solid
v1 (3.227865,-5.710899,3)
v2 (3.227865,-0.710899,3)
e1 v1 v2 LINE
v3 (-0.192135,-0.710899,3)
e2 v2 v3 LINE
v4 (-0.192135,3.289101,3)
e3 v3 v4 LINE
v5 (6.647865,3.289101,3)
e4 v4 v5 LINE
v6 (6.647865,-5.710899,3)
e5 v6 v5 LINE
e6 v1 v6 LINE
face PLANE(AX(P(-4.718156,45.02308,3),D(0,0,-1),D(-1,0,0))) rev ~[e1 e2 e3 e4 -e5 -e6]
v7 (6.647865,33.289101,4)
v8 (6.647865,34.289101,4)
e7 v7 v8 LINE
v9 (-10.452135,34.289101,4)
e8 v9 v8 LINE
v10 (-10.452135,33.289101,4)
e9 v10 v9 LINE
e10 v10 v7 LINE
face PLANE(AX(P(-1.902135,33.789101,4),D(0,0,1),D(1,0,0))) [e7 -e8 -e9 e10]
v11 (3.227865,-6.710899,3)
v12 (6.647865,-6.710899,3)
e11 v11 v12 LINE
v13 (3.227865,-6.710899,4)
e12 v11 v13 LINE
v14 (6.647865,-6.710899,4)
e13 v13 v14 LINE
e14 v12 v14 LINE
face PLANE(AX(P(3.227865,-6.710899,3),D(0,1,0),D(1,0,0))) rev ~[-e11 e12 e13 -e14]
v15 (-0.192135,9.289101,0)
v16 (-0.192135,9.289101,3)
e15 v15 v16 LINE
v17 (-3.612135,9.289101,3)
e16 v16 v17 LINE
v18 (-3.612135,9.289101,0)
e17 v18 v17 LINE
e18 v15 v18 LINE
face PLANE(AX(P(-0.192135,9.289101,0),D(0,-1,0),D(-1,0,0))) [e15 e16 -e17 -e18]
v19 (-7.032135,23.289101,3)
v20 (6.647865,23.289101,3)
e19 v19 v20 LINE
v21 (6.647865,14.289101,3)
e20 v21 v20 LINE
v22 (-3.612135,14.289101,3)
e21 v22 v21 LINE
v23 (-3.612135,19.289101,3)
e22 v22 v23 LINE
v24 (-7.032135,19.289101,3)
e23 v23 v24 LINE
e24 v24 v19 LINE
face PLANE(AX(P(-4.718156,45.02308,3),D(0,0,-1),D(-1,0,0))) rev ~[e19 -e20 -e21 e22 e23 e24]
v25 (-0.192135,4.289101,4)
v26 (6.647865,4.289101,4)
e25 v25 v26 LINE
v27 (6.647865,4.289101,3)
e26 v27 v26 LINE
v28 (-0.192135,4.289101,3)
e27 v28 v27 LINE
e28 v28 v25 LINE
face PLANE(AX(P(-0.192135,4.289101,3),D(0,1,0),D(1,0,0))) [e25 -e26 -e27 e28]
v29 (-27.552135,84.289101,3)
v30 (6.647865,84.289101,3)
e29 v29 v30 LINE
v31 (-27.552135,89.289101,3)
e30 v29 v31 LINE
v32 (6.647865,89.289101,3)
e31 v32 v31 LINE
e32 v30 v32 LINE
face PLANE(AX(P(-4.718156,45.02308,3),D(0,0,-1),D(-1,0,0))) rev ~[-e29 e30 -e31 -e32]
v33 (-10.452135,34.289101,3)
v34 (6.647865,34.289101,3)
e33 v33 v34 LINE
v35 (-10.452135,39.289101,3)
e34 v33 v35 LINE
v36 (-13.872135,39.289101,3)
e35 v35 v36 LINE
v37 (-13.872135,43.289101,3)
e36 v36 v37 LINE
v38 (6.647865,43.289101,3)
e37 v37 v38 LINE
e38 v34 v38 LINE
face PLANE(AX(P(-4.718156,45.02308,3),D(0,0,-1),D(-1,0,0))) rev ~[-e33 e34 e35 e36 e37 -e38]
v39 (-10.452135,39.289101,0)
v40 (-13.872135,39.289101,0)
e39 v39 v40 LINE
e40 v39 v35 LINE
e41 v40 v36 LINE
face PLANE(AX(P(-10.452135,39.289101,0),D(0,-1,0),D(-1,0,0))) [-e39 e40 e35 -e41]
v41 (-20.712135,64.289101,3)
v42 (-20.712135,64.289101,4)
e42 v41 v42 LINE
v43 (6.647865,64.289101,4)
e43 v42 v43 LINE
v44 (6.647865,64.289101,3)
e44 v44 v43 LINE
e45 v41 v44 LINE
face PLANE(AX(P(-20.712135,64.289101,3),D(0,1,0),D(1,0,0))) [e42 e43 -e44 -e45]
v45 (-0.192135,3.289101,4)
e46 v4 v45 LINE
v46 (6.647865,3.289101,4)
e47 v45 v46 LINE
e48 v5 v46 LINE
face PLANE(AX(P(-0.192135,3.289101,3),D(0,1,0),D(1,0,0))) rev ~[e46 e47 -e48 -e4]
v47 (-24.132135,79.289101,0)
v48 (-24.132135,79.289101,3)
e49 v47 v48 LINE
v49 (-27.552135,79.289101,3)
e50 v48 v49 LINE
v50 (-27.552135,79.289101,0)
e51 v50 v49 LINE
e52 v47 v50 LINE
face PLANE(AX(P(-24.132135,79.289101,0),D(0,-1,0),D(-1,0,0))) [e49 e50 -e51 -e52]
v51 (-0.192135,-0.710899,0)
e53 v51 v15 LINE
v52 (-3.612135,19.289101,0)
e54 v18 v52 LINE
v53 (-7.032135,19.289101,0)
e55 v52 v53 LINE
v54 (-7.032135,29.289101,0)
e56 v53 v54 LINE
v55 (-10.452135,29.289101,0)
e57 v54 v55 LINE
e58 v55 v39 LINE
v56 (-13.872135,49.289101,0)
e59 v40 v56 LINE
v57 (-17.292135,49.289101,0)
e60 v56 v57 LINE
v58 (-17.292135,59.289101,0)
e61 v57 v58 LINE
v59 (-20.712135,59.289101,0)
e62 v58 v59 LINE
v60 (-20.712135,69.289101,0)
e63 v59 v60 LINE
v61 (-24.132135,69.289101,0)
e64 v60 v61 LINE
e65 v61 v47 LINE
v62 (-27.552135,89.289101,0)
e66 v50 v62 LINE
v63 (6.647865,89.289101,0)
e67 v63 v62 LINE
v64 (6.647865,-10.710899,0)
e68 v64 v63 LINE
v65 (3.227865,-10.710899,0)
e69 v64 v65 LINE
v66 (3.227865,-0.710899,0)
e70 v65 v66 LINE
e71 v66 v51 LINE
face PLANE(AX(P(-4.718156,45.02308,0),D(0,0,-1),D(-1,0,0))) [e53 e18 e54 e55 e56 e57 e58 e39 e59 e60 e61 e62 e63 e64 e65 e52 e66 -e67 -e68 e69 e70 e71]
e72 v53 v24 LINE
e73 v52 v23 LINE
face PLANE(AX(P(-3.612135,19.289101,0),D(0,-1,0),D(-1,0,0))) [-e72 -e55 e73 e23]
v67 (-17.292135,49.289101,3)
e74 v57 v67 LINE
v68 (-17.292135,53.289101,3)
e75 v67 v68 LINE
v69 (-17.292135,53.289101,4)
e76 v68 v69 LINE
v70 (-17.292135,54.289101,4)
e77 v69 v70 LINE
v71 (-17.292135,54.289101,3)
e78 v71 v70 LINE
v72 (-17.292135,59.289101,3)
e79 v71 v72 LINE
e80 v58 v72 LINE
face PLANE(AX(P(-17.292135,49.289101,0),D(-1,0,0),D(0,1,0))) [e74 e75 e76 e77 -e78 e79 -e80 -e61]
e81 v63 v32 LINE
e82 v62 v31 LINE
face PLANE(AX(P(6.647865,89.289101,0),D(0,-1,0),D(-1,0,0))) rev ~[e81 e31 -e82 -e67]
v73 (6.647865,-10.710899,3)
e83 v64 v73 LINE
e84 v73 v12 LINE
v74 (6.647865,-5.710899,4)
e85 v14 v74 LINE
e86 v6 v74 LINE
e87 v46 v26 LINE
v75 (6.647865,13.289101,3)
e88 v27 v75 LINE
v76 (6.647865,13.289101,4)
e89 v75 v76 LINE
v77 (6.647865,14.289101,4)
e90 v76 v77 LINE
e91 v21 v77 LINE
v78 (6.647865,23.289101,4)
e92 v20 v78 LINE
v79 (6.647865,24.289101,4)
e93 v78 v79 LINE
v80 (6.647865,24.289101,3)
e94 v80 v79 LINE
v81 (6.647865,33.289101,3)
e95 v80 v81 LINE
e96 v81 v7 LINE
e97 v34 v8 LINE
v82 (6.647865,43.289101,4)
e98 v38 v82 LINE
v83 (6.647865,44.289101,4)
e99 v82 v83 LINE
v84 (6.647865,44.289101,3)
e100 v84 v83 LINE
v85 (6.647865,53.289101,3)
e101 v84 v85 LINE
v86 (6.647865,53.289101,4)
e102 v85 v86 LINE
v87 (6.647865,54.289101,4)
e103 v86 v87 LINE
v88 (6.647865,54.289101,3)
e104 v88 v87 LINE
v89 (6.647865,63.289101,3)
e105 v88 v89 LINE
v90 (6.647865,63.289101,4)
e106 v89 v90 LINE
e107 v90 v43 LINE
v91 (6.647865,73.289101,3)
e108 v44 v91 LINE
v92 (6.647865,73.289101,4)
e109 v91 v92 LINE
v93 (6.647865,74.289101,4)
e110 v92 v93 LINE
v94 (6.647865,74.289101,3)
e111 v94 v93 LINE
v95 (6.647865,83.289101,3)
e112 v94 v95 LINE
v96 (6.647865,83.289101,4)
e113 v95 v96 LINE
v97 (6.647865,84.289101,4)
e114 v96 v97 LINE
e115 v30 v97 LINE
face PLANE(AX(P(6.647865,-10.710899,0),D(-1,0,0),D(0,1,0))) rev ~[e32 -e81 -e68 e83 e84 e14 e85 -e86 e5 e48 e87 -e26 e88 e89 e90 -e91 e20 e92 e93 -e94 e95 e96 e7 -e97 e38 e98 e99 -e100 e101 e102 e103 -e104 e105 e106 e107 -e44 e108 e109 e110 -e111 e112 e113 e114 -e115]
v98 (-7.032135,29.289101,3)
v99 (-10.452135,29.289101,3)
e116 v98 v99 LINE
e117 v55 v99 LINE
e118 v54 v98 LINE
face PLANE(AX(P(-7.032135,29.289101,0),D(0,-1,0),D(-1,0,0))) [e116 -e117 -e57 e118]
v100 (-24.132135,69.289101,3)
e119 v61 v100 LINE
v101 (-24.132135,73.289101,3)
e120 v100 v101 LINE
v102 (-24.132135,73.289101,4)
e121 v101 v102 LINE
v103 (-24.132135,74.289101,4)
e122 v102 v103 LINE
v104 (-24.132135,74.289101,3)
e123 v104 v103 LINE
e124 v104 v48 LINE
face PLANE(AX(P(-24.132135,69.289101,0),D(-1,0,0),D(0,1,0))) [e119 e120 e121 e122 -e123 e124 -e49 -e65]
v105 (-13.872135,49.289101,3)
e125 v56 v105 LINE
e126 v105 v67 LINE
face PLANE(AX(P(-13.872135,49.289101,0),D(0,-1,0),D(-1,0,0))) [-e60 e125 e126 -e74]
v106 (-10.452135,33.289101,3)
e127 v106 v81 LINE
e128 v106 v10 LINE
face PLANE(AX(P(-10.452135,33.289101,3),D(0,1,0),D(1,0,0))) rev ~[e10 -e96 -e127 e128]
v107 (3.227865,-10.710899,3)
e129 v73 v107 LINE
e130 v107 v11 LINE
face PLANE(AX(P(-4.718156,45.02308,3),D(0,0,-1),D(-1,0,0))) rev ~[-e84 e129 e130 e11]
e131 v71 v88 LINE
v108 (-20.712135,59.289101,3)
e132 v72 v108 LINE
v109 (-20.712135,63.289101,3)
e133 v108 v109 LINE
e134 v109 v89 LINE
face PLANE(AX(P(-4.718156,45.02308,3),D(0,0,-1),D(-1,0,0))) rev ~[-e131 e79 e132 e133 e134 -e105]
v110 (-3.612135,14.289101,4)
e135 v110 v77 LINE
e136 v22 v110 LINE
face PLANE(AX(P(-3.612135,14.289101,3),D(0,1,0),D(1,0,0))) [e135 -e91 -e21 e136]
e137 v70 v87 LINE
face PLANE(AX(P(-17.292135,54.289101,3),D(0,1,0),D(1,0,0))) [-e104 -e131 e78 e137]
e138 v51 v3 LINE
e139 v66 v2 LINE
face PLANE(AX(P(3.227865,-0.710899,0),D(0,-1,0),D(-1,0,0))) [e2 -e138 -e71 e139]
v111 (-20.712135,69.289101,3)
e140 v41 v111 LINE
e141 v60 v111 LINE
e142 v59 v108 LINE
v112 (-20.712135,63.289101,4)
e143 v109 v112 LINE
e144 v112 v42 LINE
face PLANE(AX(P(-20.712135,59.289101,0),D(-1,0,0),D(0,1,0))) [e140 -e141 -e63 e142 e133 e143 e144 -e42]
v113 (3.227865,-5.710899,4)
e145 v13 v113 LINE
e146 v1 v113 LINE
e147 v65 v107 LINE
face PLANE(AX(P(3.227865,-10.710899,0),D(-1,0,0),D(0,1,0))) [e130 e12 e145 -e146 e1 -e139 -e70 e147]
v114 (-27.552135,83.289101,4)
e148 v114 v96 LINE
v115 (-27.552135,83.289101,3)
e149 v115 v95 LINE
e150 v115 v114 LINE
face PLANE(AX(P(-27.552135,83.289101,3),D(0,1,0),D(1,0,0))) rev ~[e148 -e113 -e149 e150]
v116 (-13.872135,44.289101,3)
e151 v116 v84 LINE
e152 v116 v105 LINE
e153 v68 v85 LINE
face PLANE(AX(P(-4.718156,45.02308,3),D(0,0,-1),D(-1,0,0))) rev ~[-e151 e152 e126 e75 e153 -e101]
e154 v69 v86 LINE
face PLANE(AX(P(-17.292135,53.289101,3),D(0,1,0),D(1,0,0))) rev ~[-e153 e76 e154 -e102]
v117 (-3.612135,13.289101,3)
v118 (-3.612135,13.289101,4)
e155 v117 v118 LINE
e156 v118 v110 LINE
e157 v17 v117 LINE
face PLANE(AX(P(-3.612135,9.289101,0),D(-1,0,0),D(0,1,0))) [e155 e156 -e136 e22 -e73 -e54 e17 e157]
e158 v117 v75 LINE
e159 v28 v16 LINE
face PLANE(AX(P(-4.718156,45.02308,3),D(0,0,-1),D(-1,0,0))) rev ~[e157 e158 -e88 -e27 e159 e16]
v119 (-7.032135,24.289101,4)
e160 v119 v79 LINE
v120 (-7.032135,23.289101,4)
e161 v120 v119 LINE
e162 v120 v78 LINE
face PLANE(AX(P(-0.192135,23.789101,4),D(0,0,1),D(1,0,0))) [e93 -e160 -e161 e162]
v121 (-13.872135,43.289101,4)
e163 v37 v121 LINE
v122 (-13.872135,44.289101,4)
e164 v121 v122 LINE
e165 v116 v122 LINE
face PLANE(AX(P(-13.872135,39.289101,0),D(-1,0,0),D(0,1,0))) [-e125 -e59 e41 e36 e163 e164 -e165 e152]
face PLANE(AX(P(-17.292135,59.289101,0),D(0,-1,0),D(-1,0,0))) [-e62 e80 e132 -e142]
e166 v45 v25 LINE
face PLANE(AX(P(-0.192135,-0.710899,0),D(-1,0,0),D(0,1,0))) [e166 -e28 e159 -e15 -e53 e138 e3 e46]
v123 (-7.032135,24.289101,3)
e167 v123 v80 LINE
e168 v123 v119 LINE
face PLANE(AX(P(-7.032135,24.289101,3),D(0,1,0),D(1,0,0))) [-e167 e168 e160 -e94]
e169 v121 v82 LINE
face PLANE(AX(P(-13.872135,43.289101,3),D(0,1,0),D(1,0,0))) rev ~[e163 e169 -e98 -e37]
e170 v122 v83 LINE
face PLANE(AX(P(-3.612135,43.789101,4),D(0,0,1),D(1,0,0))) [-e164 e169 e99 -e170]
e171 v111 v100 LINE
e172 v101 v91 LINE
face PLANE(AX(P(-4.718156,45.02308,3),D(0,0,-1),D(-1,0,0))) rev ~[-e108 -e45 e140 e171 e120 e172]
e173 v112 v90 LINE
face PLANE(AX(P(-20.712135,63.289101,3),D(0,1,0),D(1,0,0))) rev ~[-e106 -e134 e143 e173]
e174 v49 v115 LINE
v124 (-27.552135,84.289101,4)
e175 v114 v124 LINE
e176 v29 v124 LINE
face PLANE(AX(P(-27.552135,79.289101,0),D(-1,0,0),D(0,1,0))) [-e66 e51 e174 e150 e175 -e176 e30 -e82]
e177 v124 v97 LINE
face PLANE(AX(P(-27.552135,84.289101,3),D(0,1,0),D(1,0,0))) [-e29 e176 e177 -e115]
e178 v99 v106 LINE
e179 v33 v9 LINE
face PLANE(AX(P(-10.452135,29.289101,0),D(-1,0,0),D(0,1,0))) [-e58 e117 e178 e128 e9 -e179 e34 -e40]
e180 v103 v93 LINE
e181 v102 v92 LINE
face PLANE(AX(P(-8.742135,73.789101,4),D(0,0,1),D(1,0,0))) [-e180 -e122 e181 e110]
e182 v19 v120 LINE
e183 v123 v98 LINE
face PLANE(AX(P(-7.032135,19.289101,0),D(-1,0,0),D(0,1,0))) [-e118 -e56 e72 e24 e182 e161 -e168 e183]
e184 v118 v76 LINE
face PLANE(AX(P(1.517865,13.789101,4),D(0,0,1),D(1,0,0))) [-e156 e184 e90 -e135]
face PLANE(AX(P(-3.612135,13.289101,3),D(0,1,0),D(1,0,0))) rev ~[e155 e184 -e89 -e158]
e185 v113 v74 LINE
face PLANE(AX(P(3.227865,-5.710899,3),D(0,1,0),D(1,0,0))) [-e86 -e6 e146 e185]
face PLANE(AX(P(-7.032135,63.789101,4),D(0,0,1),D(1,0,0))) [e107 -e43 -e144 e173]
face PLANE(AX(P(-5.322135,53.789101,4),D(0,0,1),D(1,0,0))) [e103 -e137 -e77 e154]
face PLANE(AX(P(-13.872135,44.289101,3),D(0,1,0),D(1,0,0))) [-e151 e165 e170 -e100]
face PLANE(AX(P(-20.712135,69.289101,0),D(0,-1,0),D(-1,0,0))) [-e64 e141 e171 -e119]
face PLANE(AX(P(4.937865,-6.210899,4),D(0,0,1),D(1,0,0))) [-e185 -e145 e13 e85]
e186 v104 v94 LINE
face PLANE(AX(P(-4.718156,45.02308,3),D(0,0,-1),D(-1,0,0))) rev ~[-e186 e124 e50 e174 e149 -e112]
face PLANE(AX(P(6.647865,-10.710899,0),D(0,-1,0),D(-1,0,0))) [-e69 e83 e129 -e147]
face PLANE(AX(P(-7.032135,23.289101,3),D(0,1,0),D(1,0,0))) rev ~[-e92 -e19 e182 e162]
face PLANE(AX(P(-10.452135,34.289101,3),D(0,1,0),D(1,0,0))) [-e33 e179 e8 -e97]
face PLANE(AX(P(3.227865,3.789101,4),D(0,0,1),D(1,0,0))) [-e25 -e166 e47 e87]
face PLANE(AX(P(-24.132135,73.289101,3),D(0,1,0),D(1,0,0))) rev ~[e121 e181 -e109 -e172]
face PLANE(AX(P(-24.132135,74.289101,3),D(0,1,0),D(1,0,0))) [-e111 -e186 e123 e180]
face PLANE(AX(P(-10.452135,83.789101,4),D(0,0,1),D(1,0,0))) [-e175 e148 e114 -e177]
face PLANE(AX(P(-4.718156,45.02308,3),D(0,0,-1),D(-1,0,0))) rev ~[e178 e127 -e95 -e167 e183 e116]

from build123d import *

# Parameters (mm, degrees)
BOSS_EXTRUDE2_DEPTH = 3
SKETCH2_W           = 34.2
SKETCH2_H           = 1
SKETCH2_W_2         = 30.78
SKETCH2_W_3         = 27.36
SKETCH2_W_4         = 23.94
SKETCH2_W_5         = 20.52
SKETCH2_W_6         = 17.1
SKETCH2_W_7         = 13.68
SKETCH2_W_8         = 10.26
SKETCH2_W_9         = 6.84
SKETCH2_W_10        = 3.42
BOSS_EXTRUDE3_DEPTH = 1


with BuildPart() as part:
    # Sketch1 → Boss-Extrude2 (new body)
    with BuildSketch(Plane.XY):
        Polygon((-27.552134831, 89.289101124), (-24.132134831, 89.289101124), (-20.712134831, 89.289101124), (-17.292134831, 89.289101124), (-13.872134831, 89.289101124), (-10.452134831, 89.289101124), (-7.032134831, 89.289101124), (-3.612134831, 89.289101124), (-0.192134831, 89.289101124), (3.227865169, 89.289101124), (6.647865169, 89.289101124), (6.647865169, 79.289101124), (6.647865169, 69.289101124), (6.647865169, 59.289101124), (6.647865169, 49.289101124), (6.647865169, 39.289101124), (6.647865169, 29.289101124), (6.647865169, 19.289101124), (6.647865169, 9.289101124), (6.647865169, -0.710898876), (6.647865169, -10.710898876), (3.227865169, -10.710898876), (3.227865169, -0.710898876), (-0.192134831, -0.710898876), (-0.192134831, 9.289101124), (-3.612134831, 9.289101124), (-3.612134831, 19.289101124), (-7.032134831, 19.289101124), (-7.032134831, 29.289101124), (-10.452134831, 29.289101124), (-10.452134831, 39.289101124), (-13.872134831, 39.289101124), (-13.872134831, 49.289101124), (-17.292134831, 49.289101124), (-17.292134831, 59.289101124), (-20.712134831, 59.289101124), (-20.712134831, 69.289101124), (-24.132134831, 69.289101124), (-24.132134831, 79.289101124), (-27.552134831, 79.289101124), align=None)
    extrude(amount=BOSS_EXTRUDE2_DEPTH)

    # Sketch2 → Boss-Extrude3 (add)
    with BuildSketch(Plane.XY.offset(3)):
        with Locations((-10.452134831, 83.789101124)):
            Rectangle(SKETCH2_W, SKETCH2_H)
        with Locations((-8.742134831, 73.789101124)):
            Rectangle(SKETCH2_W_2, SKETCH2_H)
        with Locations((-7.032134831, 63.789101124)):
            Rectangle(SKETCH2_W_3, SKETCH2_H)
        with Locations((-5.322134831, 53.789101124)):
            Rectangle(SKETCH2_W_4, SKETCH2_H)
        with Locations((-3.612134831, 43.789101124)):
            Rectangle(SKETCH2_W_5, SKETCH2_H)
        with Locations((-1.902134831, 33.789101124)):
            Rectangle(SKETCH2_W_6, SKETCH2_H)
        with Locations((-0.192134831, 23.789101124)):
            Rectangle(SKETCH2_W_7, SKETCH2_H)
        with Locations((1.517865169, 13.789101124)):
            Rectangle(SKETCH2_W_8, SKETCH2_H)
        with Locations((3.227865169, 3.789101124)):
            Rectangle(SKETCH2_W_9, SKETCH2_H)
        with Locations((4.937865169, -6.210898876)):
            Rectangle(SKETCH2_W_10, SKETCH2_H)
    extrude(amount=BOSS_EXTRUDE3_DEPTH)


solid = part.part
